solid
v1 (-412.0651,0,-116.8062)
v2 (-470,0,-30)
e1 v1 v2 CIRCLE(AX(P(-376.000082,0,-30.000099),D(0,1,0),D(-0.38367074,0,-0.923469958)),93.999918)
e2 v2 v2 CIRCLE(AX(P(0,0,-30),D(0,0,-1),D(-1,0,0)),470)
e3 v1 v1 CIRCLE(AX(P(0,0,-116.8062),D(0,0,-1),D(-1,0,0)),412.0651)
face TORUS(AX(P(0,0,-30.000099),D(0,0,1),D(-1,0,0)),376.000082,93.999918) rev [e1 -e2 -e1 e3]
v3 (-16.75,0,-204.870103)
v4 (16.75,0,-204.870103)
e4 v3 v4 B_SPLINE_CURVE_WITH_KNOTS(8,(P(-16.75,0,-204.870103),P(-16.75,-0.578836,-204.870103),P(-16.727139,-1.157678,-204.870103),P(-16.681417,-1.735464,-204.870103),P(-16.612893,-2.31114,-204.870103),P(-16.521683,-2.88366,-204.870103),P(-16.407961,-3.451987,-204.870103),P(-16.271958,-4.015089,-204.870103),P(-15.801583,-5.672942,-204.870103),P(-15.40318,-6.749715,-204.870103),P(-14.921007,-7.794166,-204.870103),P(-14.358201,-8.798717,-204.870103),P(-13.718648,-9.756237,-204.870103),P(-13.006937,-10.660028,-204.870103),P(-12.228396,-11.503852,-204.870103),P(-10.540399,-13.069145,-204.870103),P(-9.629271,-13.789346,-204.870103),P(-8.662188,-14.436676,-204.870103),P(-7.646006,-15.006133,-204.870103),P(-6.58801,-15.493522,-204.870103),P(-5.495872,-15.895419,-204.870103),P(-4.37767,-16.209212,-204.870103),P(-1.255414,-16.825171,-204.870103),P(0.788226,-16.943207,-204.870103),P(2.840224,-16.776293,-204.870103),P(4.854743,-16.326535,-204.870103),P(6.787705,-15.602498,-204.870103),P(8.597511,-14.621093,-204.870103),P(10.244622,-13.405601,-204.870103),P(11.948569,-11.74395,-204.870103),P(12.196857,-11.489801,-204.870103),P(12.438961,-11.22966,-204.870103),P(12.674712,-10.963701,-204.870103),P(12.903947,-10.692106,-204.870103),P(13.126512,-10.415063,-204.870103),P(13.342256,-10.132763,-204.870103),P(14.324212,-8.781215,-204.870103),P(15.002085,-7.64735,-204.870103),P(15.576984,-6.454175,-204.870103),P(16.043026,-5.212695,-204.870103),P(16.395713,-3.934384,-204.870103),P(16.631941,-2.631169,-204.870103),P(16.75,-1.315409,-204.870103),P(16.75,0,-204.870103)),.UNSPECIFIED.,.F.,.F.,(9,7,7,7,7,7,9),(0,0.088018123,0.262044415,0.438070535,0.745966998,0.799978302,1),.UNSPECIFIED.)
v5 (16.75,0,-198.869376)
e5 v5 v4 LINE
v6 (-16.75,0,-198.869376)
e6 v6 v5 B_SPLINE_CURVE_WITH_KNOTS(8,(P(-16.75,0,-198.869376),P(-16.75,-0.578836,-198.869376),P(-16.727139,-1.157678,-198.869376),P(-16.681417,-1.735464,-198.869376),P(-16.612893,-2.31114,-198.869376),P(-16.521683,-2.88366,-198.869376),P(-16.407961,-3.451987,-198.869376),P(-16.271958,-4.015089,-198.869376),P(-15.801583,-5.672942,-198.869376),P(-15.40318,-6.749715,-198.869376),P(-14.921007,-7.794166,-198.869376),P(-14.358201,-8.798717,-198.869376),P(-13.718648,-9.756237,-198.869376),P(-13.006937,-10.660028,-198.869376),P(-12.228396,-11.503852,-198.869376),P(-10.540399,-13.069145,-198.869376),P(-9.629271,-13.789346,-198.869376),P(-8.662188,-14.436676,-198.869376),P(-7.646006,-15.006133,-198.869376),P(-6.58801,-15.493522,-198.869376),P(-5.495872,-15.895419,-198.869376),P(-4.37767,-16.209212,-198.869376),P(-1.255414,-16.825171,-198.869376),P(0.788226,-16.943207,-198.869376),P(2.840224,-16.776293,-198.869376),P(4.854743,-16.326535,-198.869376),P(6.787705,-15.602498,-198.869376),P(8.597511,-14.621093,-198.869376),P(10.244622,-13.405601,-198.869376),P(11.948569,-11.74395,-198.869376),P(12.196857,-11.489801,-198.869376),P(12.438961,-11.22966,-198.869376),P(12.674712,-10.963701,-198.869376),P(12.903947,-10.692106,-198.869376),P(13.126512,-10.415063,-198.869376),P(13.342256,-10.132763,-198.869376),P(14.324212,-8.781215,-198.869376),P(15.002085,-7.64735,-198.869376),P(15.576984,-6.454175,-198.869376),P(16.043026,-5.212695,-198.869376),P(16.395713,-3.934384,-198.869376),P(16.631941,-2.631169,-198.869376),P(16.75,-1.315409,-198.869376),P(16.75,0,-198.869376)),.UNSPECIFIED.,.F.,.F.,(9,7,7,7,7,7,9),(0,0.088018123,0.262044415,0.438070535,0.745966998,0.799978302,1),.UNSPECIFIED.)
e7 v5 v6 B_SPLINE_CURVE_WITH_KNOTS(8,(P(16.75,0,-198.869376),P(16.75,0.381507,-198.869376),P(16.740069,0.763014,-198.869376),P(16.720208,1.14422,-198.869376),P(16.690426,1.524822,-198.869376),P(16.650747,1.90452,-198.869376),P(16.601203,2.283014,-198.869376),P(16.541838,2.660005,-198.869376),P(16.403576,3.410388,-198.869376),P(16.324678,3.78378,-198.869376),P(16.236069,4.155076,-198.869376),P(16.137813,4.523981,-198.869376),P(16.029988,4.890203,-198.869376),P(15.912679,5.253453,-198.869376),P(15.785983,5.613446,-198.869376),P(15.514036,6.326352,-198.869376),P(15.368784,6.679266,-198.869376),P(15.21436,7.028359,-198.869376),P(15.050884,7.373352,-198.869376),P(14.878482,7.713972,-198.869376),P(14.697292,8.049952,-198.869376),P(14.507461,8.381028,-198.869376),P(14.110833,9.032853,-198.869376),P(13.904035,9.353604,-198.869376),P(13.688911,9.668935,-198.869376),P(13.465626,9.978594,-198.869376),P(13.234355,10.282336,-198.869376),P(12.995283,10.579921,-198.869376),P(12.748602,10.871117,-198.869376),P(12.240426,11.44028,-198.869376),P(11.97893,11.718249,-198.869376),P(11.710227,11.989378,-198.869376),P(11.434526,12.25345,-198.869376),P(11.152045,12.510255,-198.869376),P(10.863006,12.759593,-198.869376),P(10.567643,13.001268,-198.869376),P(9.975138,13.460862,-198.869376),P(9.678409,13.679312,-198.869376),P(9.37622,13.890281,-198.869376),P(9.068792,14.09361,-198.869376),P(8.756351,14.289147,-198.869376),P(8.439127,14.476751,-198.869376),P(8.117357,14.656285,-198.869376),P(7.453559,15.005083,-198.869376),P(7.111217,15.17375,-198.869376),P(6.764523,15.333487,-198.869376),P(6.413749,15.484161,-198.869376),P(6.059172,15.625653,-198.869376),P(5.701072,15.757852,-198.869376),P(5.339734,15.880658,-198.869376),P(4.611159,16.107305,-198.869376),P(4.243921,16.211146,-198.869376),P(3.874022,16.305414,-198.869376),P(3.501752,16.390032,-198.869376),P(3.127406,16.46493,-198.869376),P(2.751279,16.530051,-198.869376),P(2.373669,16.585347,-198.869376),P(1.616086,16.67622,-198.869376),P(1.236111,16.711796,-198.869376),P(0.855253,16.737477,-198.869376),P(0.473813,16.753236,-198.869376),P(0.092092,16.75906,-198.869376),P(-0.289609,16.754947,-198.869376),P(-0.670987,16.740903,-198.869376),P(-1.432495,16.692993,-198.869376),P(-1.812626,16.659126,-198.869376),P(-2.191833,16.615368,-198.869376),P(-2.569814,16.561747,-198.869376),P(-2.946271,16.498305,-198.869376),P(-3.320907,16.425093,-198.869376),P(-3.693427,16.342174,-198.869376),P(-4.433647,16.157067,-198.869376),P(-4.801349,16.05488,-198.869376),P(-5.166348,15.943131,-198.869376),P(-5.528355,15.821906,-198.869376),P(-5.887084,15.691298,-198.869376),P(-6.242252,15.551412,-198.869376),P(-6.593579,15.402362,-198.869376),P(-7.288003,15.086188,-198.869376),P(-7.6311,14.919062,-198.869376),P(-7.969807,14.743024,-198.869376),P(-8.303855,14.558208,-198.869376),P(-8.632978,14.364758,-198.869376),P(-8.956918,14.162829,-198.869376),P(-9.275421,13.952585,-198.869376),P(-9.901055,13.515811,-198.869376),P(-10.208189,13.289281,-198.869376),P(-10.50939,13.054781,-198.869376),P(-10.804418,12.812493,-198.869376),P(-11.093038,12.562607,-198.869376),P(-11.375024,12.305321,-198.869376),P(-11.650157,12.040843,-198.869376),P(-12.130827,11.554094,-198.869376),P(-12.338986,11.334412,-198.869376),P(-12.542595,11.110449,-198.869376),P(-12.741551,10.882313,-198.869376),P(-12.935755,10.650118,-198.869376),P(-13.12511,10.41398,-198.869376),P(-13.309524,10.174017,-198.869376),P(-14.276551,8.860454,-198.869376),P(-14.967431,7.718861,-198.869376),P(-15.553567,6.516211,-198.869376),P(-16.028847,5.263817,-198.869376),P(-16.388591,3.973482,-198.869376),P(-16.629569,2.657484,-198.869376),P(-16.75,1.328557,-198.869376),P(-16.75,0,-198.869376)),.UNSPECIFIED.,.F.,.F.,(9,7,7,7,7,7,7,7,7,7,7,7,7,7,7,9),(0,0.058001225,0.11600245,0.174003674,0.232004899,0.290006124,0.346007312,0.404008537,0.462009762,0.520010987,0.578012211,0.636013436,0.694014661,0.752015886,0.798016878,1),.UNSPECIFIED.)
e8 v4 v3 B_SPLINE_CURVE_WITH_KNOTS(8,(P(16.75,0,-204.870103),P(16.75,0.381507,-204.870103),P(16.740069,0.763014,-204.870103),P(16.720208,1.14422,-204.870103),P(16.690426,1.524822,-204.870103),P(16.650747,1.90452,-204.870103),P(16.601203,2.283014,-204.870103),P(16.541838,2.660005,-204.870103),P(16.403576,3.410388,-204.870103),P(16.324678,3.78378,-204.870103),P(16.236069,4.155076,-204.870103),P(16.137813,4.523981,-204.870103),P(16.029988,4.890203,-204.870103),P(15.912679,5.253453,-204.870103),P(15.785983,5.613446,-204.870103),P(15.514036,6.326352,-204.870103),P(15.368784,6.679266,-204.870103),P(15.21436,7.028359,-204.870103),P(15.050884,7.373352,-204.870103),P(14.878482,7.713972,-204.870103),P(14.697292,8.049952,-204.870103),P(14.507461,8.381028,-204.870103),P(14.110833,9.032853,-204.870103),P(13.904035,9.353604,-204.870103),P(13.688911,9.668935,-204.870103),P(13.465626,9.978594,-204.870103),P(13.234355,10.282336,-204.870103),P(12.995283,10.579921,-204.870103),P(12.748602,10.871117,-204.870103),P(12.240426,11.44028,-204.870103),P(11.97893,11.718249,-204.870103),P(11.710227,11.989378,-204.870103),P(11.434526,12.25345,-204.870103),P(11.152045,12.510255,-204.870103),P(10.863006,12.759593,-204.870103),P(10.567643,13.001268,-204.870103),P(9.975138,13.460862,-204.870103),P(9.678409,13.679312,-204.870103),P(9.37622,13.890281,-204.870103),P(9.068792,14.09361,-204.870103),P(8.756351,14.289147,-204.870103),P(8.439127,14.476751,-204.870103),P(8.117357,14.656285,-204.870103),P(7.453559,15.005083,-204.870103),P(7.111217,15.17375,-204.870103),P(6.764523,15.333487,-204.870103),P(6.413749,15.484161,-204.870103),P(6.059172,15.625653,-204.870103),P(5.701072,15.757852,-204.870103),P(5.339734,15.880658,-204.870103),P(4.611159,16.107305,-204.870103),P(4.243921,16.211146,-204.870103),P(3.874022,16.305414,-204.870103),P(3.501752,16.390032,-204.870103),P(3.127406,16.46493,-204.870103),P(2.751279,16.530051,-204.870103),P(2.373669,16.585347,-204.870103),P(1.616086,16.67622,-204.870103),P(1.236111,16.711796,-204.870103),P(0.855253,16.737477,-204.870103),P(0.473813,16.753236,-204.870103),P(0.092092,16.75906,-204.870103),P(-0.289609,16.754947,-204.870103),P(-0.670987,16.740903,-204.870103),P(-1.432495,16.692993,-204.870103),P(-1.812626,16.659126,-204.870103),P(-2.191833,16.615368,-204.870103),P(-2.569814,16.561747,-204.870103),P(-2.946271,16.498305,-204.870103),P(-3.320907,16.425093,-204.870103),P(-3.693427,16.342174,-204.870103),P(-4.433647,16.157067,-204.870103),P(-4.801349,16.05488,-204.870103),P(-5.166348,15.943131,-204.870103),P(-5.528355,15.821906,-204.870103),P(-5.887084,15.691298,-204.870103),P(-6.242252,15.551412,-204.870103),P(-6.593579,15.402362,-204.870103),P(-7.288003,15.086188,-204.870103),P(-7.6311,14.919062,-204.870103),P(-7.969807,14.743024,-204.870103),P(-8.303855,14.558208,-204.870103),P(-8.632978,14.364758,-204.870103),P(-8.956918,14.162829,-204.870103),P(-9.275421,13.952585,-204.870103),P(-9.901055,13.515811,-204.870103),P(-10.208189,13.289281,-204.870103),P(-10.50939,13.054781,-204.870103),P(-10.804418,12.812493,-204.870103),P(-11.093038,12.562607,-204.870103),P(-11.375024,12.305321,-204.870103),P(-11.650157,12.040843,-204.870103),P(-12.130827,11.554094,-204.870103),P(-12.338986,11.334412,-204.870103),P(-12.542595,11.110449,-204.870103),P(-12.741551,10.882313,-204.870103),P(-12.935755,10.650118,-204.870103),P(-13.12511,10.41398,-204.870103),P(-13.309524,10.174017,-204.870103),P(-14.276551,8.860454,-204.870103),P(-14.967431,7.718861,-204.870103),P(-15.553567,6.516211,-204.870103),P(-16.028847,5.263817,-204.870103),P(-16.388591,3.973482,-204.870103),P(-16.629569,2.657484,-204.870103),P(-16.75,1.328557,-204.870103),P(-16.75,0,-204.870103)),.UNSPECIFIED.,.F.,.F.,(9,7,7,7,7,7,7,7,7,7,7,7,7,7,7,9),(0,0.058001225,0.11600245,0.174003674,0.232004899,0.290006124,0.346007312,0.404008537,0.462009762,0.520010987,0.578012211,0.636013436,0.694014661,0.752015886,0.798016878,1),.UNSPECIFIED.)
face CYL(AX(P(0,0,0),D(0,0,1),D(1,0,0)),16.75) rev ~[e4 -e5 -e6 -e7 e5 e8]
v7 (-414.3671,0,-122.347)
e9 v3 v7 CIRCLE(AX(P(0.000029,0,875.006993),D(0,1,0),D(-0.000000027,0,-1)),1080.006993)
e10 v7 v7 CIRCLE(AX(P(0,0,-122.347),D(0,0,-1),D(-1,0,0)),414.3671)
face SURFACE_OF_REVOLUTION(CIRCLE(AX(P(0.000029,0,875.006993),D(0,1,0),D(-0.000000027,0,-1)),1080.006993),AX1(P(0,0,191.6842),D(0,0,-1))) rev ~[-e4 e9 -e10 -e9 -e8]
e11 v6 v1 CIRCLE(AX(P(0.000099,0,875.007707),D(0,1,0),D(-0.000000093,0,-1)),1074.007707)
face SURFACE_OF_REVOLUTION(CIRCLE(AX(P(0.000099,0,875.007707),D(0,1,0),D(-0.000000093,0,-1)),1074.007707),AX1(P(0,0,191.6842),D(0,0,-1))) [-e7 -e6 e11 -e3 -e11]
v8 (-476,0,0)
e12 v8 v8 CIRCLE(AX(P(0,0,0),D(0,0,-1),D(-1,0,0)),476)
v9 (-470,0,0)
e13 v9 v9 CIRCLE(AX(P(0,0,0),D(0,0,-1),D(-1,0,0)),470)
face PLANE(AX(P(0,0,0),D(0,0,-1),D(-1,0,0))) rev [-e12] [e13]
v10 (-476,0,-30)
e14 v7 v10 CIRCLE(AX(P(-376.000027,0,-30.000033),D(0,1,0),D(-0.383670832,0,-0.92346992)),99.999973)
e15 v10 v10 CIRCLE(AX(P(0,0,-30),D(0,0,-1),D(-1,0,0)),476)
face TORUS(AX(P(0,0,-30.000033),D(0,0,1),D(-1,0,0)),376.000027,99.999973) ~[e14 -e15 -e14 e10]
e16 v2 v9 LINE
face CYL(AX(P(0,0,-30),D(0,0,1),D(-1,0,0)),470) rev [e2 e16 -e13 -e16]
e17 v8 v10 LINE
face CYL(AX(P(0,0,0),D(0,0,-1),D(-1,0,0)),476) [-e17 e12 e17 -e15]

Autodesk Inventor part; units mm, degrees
ref_plane "YZ Plane" through (0, 0, 0) normal (1, 0, 0) x (0, 1, 0)
ref_plane "XZ Plane" through (0, 0, 0) normal (0, 1, 0) x (-1, 0, 0)
ref_plane "XY Plane" through (0, 0, 0) normal (0, 0, 1) x (1, 0, 0)
sketch "Sketch1" plane through (0, 0, 0) normal (0, 1, 0) x (-1, 0, 0)
  line L0 (476, 0) -> (476, -30)
  arc A0 (414.3671, -122.347) -> (476, -30) centre (376, -30) ccw
  arc A1 (0, -205) -> (414.3671, -122.347) centre (0, 875.0067) ccw
  line L1 (0, 191.6842) -> (0, -191.6842)
  arc A2 (0, -199) -> (412.0651, -116.8062) centre (0, 875.0067) ccw
  arc A3 (412.0651, -116.8062) -> (470, -30) centre (376, -30) ccw
  line L2 (470, -30) -> (470, 0)
  line L3 (470, 0) -> (476, 0)
  line L4 (0, -199) -> (0, -205)
  point P0 (0, 0)
  point P1 (0, 0)
  point P2 (0, -202)
  point P3 (0, -163.7009)
  point P4 (0, -169.7009)
  dimension "d0" = 100
  dimension "d1" = 30
  dimension "d3" = 1080.0067
  dimension "d6" = 6
  dimension "d11" = 940
  dimension "d12" = 205
revolve "Revolution1" add sketch "Sketch1" angle 360 about axis through (0, 0, 191.6842) along (0, 0, -1)
sketch "Sketch2" plane through (0, 0, 0) normal (0, 0, 1) x (1, 0, 0)
  circle A0 centre (0, 0) radius 16.75
  dimension "d8" = 33.5
extrude "Extrusion1" cut sketch "Sketch2" against normal through all
equation "\"d11\" = MAIN_filter_diam"
equation "\"Disherd_head_hight\" = d12"
equation "\"MAIN_filter_diam\" = 940"
properties part number "PNS 1604 dished head D1000"
